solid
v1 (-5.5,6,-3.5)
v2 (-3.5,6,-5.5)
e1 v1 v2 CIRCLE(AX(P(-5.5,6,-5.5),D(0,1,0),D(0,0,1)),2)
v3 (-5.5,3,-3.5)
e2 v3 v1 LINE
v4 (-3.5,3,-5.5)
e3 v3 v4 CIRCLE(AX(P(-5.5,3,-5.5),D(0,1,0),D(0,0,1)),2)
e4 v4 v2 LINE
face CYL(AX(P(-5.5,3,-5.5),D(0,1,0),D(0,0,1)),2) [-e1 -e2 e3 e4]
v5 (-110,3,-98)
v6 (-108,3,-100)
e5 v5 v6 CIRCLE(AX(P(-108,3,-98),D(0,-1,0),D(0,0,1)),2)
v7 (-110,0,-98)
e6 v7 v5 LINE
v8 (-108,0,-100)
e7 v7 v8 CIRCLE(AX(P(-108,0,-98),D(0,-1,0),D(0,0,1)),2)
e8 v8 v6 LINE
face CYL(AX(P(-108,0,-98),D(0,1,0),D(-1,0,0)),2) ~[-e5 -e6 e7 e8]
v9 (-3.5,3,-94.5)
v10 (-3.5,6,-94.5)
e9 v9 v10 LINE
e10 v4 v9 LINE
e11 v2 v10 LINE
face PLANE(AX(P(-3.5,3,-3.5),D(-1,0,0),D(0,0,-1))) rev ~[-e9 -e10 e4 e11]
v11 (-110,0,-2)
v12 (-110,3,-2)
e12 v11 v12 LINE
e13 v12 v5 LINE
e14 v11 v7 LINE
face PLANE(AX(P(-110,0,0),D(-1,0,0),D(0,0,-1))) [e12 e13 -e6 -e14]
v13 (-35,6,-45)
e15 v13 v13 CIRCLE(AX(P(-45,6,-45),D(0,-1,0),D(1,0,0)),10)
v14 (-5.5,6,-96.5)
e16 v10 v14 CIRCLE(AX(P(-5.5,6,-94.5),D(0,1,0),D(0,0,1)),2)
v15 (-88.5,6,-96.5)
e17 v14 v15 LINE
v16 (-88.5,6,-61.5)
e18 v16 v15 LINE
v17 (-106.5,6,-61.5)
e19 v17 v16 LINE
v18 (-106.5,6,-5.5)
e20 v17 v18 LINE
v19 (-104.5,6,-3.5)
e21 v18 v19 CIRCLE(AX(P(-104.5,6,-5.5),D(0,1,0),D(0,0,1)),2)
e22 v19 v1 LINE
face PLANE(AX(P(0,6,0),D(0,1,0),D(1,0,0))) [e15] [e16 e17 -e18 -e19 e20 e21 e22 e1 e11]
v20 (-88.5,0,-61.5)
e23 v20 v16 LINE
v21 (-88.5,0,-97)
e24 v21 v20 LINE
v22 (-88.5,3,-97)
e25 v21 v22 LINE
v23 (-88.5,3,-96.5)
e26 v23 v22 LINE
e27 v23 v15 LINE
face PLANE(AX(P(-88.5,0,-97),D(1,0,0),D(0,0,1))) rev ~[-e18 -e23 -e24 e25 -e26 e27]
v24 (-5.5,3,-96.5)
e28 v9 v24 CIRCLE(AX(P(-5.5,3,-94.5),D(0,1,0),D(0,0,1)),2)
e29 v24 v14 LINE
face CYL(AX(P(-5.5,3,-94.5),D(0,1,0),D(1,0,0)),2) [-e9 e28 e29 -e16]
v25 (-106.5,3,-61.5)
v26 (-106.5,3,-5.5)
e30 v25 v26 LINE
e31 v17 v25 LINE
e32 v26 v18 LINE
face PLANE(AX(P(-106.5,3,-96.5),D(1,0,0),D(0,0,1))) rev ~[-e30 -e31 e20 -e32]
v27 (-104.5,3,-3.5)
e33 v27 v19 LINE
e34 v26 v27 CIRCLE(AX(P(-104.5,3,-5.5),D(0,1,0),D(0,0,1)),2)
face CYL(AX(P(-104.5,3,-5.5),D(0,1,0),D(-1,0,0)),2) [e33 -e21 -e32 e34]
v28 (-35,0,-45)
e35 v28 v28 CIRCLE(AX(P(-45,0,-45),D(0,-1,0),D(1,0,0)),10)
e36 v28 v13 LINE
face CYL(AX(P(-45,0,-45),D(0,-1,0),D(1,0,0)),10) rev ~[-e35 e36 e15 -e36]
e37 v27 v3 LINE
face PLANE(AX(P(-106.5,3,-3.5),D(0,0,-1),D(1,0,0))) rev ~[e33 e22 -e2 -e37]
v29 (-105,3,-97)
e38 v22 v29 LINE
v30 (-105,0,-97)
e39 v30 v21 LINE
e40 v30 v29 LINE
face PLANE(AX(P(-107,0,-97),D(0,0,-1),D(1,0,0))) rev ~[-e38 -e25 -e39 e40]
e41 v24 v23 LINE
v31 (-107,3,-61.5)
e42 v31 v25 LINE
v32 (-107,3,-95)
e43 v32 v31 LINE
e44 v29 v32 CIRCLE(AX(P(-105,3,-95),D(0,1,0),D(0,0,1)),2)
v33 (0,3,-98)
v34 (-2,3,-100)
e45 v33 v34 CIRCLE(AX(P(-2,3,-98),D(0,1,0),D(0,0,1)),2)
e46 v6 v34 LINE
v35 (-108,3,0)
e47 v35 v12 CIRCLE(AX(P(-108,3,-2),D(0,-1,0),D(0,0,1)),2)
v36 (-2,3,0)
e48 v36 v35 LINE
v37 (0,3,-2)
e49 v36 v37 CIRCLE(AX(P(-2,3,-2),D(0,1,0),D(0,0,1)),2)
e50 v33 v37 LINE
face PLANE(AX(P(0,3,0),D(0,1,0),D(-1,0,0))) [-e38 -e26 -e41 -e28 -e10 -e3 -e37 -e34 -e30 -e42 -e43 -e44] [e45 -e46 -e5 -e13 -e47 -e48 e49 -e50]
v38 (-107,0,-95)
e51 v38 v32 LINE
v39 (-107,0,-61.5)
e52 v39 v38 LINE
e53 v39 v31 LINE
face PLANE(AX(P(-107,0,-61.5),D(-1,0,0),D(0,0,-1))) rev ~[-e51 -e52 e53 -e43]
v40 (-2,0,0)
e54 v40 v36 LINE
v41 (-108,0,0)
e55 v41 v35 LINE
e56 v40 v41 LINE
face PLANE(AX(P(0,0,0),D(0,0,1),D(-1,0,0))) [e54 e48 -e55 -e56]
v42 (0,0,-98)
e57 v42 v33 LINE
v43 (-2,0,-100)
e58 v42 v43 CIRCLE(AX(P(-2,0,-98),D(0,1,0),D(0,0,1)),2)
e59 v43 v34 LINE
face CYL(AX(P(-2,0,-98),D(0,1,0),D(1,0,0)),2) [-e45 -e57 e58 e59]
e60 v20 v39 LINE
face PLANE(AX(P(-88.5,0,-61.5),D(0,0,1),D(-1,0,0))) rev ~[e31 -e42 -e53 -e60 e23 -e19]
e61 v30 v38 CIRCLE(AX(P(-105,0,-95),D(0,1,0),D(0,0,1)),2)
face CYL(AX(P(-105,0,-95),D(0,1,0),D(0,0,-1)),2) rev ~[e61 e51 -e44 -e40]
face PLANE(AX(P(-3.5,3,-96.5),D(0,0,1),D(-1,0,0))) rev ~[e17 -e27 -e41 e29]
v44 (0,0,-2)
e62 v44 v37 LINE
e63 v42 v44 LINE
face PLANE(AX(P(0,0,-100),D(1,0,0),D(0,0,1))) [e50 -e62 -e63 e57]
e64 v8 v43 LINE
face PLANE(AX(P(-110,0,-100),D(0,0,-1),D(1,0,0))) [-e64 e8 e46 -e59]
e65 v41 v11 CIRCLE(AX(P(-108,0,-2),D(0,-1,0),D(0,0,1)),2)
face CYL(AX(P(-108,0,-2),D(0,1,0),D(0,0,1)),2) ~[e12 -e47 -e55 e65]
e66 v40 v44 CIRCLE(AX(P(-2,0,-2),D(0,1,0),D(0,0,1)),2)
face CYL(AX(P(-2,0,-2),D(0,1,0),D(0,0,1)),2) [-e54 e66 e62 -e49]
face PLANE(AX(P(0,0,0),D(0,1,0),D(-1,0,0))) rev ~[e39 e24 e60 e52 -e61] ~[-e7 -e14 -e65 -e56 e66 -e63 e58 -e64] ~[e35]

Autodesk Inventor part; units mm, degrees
ref_plane "YZ Plane" through (0, 0, 0) normal (1, 0, 0) x (0, 1, 0)
ref_plane "XZ Plane" through (0, 0, 0) normal (0, 1, 0) x (-1, 0, 0)
ref_plane "XY Plane" through (0, 0, 0) normal (0, 0, 1) x (1, 0, 0)
sketch "Sketch1" plane through (0, 0, 0) normal (0, 1, 0) x (-1, 0, 0)
  line L0 (0, 0) -> (110, 0)
  line L1 (110, 0) -> (110, -100)
  line L2 (110, -100) -> (0, -100)
  line L3 (0, -100) -> (0, 0)
  dimension "d0" = 100
  dimension "d1" = 110
extrude "Extrusion1" add sketch "Sketch1" along normal blind 3
sketch "Sketch2" plane through (0, 3, 0) normal (0, 1, 0) x (1, 0, 0)
  line L0 (-106.5, 3.5) -> (-3.5, 3.5)
  line L1 (-3.5, 3.5) -> (-3.5, 96.5)
  line L2 (-3.5, 96.5) -> (-106.5, 96.5)
  line L3 (-106.5, 96.5) -> (-106.5, 3.5)
  line L4 (-110, 100) -> (-110, 0) projected
  line L5 (-110, 0) -> (0, 0) projected
  line L6 (0, 100) -> (-110, 100) projected
  line L7 (0, 0) -> (0, 100) projected
  dimension "d4" = 3.5
  dimension "d5" = 3.5
  dimension "d6" = 3.5
  dimension "d7" = 3.5
extrude "Extrusion2" add sketch "Sketch2" along normal blind 3 contours L3 L2 L1 L0
fillet "Fillet1" radius 2 8 edges at (0, 1.5, 0) (-3.5, 4.5, -3.5) (-110, 1.5, 0) (-106.5, 4.5, -3.5) (-106.5, 4.5, -96.5) (-110, 1.5, -100) (-3.5, 4.5, -96.5) (0, 1.5, -100)
sketch "Sketch3" plane through (0, 0, 0) normal (0, -1, 0) x (1, 0, 0)
  line L0 (-107, -97) -> (-88.5, -97)
  line L1 (-88.5, -97) -> (-88.5, -61.5)
  line L2 (-88.5, -61.5) -> (-107, -61.5)
  line L3 (-107, -61.5) -> (-107, -97)
  line L4 (-108, -100) -> (-2, -100) projected
  line L5 (-110, -2) -> (-110, -98) projected
  point P0 (0, 0)
  dimension "d11" = 35.5
  dimension "d12" = 18.5
  dimension "d13" = 3
  dimension "d14" = 3
extrude "Extrusion3" cut sketch "Sketch3" against normal blind 10
fillet "Fillet2" radius 2 1 edges at (-107, 1.5, -97)
sketch "Sketch4" plane through (0, 0, 0) normal (0, -1, 0) x (1, 0, 0)
  circle A0 centre (-45, -45) radius 10
  line L0 (0, -98) -> (0, -2) projected
  line L1 (-2, 0) -> (-108, 0) projected
  point P0 (0, 0)
  dimension "d18" = 20
  dimension "d20" = 45
  dimension "d21" = 45
extrude "Extrusion4" cut sketch "Sketch4" against normal blind 10
sketch "Sketch5" plane through (0, 0, 0) normal (0, -1, 0) x (1, 0, 0)
  point P0 (0, 0)
properties part number "StaniceBoxTop"
